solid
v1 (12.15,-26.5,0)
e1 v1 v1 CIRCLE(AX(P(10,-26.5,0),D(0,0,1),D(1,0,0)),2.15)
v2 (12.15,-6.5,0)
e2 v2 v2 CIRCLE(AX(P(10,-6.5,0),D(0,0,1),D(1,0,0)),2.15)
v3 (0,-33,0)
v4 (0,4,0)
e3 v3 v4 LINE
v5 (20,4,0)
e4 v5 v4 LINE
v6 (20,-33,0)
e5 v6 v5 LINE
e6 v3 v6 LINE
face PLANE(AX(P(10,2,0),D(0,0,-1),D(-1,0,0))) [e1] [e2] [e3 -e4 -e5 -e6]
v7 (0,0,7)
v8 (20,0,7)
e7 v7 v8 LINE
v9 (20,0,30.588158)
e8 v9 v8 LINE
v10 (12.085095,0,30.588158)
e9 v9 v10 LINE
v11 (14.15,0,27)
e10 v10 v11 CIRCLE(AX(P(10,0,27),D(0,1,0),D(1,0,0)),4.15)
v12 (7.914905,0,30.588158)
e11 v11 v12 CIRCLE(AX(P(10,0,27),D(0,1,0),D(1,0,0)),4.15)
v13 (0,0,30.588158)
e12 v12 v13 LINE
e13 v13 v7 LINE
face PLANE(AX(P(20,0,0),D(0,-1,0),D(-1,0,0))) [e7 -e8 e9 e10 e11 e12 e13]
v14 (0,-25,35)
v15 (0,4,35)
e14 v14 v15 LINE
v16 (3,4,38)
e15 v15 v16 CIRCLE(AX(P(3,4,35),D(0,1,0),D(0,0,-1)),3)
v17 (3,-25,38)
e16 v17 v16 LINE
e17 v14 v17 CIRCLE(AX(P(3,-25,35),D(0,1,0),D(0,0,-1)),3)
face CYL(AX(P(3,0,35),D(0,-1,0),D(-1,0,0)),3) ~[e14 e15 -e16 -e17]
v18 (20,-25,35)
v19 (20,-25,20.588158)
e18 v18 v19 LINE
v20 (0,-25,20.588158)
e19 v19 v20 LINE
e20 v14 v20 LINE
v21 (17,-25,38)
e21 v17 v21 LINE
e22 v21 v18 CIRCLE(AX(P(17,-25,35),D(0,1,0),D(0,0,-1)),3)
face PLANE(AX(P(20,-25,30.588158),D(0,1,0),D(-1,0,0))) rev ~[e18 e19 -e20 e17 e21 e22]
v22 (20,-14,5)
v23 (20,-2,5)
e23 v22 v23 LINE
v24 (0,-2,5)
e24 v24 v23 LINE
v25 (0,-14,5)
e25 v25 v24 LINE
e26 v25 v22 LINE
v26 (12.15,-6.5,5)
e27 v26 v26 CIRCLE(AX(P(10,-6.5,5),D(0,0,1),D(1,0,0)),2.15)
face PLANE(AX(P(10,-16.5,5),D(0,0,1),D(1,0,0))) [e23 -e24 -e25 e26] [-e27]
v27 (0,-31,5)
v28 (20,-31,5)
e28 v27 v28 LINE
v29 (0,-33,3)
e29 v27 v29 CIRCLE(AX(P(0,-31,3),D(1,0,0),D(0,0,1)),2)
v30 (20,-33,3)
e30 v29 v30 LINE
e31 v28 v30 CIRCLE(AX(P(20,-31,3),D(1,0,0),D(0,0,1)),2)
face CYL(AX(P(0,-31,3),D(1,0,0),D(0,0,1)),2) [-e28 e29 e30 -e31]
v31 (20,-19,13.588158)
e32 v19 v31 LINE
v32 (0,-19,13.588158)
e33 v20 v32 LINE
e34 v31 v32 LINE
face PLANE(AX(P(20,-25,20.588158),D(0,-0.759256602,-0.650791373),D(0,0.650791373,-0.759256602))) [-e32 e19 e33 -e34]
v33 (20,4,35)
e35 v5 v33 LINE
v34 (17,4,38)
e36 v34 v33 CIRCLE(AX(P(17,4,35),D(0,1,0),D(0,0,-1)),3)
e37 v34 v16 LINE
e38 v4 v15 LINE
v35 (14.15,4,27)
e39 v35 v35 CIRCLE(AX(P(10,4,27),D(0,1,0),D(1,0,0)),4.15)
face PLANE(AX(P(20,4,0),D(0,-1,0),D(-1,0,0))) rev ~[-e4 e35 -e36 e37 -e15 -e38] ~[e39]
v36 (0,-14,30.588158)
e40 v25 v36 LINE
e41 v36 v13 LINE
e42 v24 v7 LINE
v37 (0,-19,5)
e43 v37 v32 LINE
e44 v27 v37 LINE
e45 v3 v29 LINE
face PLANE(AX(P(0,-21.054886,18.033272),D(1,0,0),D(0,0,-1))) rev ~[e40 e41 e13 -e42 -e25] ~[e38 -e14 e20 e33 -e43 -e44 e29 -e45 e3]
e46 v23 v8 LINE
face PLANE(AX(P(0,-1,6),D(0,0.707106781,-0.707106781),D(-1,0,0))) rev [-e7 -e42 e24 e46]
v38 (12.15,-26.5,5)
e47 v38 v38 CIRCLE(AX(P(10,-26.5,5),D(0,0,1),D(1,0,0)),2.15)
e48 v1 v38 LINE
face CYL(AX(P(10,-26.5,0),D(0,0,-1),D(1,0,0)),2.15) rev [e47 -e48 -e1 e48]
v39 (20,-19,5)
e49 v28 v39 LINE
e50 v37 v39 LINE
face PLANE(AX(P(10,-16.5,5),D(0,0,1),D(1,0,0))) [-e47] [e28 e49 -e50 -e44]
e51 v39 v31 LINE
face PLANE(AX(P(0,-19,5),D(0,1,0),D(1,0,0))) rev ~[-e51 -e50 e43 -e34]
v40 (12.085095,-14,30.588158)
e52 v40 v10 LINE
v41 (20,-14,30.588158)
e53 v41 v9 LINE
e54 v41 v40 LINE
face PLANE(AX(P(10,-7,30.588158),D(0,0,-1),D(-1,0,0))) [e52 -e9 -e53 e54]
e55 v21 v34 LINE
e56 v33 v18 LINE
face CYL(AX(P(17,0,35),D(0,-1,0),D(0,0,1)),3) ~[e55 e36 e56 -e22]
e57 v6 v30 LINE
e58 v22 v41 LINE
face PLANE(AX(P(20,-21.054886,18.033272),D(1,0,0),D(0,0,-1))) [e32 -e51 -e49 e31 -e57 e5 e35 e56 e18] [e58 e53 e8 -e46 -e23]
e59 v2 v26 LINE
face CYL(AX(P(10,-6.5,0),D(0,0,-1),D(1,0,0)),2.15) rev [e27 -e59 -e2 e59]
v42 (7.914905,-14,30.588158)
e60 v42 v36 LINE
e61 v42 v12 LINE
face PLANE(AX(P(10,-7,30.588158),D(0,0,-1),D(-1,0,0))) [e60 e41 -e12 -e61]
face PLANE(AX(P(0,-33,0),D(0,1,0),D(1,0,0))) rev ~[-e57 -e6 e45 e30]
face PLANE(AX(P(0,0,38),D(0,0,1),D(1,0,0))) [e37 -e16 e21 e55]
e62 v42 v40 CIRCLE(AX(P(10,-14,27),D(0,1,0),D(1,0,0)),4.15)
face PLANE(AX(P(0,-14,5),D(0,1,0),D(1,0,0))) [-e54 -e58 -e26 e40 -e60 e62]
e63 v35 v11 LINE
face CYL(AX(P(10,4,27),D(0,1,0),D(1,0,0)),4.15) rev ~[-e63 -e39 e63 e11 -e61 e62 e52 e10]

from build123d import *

# Parameters (mm, degrees)
SKETCH1_W           = 20
SKETCH1_H           = 33
SKETCH1_R           = 2.15
BOSS_EXTRUDE1_DEPTH = 5
SKETCH2_W           = 20
SKETCH2_H           = 4
BOSS_EXTRUDE2_DEPTH = 38
SKETCH4_W           = 20
SKETCH4_H           = 7.411842069
BOSS_EXTRUDE3_DEPTH = 25
FILLET1_R           = 3
FILLET2_R           = 2
CHAMFER2_SIZE       = 2
SKETCH8_W           = 20
SKETCH8_H           = 5
BOSS_EXTRUDE5_DEPTH = 25.588158
SKETCH12_W          = 20
SKETCH12_H          = 10
BOSS_EXTRUDE6_DEPTH = 14
SKETCH3_R           = 4.15
CUT_EXTRUDE2_DEPTH  = 18
SKETCH15_W          = 20
SKETCH15_H          = 6
BOSS_EXTRUDE7_DEPTH = 10
SKETCH16_W          = 20
SKETCH16_H          = 14
CUT_EXTRUDE4_DEPTH  = 10
BOSS_EXTRUDE8_DEPTH = 20


with BuildPart() as part:
    # Sketch1 → Boss-Extrude1 (new body)
    with BuildSketch(Plane.XY):
        with Locations((10, -16.5)):
            Rectangle(SKETCH1_W, SKETCH1_H)
        with Locations((10, -6.5)):
            Circle(SKETCH1_R, mode=Mode.SUBTRACT)
        with Locations((10, -26.5)):
            Circle(SKETCH1_R, mode=Mode.SUBTRACT)
    extrude(amount=BOSS_EXTRUDE1_DEPTH)

    # Sketch2 → Boss-Extrude2 (add)
    with BuildSketch(Plane(origin=(0, 0, 0), x_dir=(-1, 0, 0), z_dir=(0, 0, -1))):
        with Locations((-10, 2)):
            Rectangle(SKETCH2_W, SKETCH2_H)
    extrude(amount=-BOSS_EXTRUDE2_DEPTH)

    # Sketch4 → Boss-Extrude3 (add)
    with BuildSketch(Plane.XZ):
        with Locations((10, 34.294078965)):
            Rectangle(SKETCH4_W, SKETCH4_H)
    extrude(amount=BOSS_EXTRUDE3_DEPTH)

    # Fillet1
    fillet1_edges = [part.edges().sort_by_distance(p)[0] for p in [
        (20, -10.5, 38),
        (0, -10.5, 38),
    ]]
    fillet(fillet1_edges, radius=FILLET1_R)

    # Fillet2
    fillet2_edges = [part.edges().sort_by_distance(p)[0] for p in [
        (10, -33, 5),
    ]]
    fillet(fillet2_edges, radius=FILLET2_R)

    # Chamfer2
    chamfer2_edges = [part.edges().sort_by_distance(p)[0] for p in [
        (10, 0, 5),
    ]]
    chamfer(chamfer2_edges, length=CHAMFER2_SIZE)

    # Sketch8 → Boss-Extrude5 (add)
    with BuildSketch(Plane.XY.offset(5)):
        with Locations((10, -16.5)):
            Rectangle(SKETCH8_W, SKETCH8_H)
    extrude(amount=BOSS_EXTRUDE5_DEPTH)

    # Sketch12 → Boss-Extrude6 (add)
    with BuildSketch(Plane(origin=(0, -14, 0), x_dir=(1, 0, 0), z_dir=(0, 1, 0))):
        with Locations((10, -25.588157931)):
            Rectangle(SKETCH12_W, SKETCH12_H)
    extrude(amount=BOSS_EXTRUDE6_DEPTH)

    # Sketch3 → Cut-Extrude2 (cut)
    with BuildSketch(Plane(origin=(0, 4, 0), x_dir=(1, 0, 0), z_dir=(0, 1, 0))):
        with Locations((10, -27)):
            Circle(SKETCH3_R)
    extrude(amount=-CUT_EXTRUDE2_DEPTH, mode=Mode.SUBTRACT)

    # Sketch15 → Boss-Extrude7 (add)
    with BuildSketch(Plane(origin=(0, 0, 30.588157931), x_dir=(-1, 0, 0), z_dir=(0, 0, -1))):
        with Locations((-10, -22)):
            Rectangle(SKETCH15_W, SKETCH15_H)
    extrude(amount=BOSS_EXTRUDE7_DEPTH)

    # Sketch16 → Cut-Extrude4 (cut)
    with BuildSketch(Plane(origin=(0, 0, 20.588157931), x_dir=(-1, 0, 0), z_dir=(0, 0, -1))):
        with Locations((-10, -7)):
            Rectangle(SKETCH16_W, SKETCH16_H)
    extrude(amount=-CUT_EXTRUDE4_DEPTH, mode=Mode.SUBTRACT)

    # Sketch17 → Boss-Extrude8 (add)
    with BuildSketch(Plane(origin=(20, 0, 0), x_dir=(0, 0, -1), z_dir=(1, 0, 0))):
        Polygon((-20.588157931, -19), (-20.588157931, -25), (-13.588157931, -19), align=None)
    extrude(amount=-BOSS_EXTRUDE8_DEPTH)


solid = part.part
